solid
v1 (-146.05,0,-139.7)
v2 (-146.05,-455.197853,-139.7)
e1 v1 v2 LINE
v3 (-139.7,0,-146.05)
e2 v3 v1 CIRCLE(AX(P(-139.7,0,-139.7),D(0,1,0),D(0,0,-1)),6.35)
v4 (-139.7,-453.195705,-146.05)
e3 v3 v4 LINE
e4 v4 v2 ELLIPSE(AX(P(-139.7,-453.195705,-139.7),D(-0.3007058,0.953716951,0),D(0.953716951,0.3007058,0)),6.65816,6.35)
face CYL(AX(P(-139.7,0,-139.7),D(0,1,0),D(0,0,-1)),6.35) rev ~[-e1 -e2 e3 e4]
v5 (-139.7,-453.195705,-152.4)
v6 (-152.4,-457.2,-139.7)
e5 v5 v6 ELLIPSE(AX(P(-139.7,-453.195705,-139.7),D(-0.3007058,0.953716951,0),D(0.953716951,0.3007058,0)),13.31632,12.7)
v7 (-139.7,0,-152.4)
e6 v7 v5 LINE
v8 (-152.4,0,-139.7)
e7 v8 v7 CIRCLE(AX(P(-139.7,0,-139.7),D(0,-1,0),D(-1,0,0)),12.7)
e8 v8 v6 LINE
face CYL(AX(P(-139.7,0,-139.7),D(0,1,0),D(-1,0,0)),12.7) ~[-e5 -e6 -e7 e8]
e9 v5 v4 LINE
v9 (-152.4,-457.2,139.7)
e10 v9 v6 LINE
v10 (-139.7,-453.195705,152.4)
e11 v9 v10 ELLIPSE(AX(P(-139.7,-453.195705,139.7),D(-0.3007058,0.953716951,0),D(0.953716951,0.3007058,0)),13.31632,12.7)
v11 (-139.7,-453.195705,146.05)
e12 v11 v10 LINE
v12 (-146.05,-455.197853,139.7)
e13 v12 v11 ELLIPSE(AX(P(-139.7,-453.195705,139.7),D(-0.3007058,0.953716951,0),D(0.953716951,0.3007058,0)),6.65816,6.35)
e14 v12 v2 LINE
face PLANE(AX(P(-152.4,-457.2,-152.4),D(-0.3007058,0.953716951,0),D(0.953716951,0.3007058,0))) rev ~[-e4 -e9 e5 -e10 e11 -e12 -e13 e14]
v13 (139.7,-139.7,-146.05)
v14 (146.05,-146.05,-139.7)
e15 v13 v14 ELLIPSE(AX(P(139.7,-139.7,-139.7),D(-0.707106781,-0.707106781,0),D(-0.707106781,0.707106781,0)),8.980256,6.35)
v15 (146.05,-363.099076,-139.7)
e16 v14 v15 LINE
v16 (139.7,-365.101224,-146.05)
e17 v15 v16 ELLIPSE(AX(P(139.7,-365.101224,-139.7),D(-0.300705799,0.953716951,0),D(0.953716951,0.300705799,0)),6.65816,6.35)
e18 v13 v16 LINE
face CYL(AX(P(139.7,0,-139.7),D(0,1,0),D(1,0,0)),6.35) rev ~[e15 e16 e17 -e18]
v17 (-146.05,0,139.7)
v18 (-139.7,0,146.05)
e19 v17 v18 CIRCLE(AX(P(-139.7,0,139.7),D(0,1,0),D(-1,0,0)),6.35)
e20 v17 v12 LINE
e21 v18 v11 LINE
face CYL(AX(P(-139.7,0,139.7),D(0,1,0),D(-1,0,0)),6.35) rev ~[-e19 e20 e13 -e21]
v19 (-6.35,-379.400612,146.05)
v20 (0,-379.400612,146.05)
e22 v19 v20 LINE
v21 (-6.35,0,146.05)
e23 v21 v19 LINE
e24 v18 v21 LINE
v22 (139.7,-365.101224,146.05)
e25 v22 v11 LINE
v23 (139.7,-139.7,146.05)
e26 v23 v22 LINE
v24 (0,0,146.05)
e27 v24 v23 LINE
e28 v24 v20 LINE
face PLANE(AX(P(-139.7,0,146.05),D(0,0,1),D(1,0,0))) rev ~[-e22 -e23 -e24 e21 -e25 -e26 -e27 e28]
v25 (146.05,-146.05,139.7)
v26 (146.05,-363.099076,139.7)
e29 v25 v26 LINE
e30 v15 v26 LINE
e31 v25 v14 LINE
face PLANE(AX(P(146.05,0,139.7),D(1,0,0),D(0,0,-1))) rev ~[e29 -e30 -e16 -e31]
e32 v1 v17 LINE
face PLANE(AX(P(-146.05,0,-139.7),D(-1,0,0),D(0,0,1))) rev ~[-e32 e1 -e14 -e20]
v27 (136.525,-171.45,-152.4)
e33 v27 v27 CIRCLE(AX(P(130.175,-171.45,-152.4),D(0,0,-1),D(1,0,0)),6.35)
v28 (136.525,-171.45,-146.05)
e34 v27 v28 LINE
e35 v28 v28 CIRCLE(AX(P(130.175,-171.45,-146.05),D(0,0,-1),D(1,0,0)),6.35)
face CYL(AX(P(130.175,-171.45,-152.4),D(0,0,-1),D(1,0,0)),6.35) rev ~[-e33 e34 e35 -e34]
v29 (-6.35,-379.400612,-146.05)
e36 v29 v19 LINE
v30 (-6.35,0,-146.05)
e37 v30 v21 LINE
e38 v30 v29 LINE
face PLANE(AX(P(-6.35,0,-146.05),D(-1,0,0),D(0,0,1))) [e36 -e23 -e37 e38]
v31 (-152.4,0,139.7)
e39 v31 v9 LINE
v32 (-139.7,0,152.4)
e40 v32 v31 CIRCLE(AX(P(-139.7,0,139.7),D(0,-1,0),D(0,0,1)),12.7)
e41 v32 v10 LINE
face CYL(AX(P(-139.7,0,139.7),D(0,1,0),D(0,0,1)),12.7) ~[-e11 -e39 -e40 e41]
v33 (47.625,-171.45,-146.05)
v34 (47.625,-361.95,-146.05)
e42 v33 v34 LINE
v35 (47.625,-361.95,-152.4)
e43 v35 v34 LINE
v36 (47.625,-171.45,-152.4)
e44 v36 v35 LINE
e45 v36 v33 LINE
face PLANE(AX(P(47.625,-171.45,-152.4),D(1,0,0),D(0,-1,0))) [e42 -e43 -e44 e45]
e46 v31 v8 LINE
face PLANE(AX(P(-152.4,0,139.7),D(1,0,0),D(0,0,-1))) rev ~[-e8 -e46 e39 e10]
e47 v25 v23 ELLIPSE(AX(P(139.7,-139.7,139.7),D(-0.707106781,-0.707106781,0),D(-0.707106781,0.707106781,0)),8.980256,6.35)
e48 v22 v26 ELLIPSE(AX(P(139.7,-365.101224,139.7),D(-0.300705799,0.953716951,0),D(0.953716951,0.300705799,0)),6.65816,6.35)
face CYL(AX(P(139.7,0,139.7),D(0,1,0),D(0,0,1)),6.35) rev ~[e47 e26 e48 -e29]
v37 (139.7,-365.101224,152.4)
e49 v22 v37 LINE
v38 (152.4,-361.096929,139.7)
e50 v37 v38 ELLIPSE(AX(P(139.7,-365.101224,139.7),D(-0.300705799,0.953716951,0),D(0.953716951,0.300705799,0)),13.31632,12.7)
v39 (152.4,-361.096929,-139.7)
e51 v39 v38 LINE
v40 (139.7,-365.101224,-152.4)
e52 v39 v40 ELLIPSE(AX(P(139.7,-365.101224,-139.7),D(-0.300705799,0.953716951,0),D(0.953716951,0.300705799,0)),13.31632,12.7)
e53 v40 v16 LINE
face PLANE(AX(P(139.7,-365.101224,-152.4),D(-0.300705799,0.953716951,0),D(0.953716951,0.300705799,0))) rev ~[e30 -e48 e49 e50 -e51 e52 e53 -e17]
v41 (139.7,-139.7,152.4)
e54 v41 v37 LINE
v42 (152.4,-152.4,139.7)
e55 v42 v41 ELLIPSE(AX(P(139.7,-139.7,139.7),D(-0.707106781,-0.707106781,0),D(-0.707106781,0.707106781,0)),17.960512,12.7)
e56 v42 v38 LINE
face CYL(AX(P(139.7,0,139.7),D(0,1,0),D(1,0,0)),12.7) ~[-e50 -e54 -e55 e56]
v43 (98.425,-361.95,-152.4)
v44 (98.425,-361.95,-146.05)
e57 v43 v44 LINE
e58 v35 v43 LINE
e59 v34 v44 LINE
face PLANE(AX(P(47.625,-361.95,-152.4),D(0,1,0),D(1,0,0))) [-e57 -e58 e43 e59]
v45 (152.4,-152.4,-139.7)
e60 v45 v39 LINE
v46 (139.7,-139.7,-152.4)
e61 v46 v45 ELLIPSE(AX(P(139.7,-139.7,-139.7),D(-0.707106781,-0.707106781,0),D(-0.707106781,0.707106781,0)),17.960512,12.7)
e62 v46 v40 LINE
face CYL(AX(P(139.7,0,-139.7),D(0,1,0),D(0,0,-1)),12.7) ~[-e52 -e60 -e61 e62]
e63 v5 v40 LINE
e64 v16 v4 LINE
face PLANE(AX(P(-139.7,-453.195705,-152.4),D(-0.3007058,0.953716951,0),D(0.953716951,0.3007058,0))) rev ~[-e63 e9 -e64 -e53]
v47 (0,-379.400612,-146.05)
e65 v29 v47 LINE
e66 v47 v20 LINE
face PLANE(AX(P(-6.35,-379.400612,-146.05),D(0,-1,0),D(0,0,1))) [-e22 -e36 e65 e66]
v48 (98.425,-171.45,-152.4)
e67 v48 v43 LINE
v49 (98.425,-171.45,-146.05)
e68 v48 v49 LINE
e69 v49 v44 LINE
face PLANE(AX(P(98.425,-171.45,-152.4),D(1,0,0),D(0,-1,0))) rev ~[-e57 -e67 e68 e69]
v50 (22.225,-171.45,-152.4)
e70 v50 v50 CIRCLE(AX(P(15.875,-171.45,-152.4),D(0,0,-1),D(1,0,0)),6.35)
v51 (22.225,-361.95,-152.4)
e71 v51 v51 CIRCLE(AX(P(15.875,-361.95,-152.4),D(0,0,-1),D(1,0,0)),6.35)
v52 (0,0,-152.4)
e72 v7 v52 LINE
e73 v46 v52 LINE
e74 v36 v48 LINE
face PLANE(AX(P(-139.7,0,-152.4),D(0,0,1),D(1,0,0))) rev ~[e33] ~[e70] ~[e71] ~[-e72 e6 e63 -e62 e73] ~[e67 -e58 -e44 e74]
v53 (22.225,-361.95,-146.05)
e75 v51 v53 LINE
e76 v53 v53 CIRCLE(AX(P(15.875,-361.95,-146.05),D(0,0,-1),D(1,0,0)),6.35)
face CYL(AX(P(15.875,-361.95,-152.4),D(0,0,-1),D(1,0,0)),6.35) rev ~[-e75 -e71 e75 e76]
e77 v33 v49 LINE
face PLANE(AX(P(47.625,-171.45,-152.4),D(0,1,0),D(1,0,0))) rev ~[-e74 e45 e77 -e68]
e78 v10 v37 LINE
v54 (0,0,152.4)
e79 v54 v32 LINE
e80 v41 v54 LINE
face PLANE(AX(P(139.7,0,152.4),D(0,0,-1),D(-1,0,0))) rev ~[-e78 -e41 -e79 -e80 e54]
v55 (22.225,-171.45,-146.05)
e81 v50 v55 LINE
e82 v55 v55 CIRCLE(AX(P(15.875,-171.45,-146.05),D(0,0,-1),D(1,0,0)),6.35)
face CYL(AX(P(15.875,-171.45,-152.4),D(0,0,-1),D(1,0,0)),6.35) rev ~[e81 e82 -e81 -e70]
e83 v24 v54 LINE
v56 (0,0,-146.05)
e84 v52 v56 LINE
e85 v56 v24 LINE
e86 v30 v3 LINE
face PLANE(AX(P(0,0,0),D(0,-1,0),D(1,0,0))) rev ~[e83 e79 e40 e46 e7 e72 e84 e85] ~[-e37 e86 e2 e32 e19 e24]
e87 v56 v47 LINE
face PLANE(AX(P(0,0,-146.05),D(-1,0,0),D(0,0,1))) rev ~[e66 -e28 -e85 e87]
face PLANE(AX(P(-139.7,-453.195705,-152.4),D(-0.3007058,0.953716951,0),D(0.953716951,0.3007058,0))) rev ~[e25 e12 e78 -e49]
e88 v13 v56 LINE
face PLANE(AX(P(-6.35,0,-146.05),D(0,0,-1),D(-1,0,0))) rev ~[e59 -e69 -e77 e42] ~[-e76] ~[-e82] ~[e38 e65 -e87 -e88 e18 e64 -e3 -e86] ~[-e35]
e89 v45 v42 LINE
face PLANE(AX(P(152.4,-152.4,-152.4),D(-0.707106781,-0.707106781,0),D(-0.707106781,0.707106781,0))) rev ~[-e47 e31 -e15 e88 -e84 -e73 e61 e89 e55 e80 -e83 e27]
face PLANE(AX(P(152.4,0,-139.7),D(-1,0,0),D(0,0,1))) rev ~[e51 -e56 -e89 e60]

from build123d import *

# Parameters (mm, degrees)
F0_W     = 6.35
F0_H     = 292.1
F1_DEPTH = 457.2
F4_DEPTH = 304.801
F2_W     = 50.8
F2_H     = 190.5
F2_R     = 6.35
F5_DEPTH = 6.35
F6_W     = 31.75
F6_H     = 292.1
F7_DEPTH = 6.35


with BuildPart() as f1:
    # F0 (on Front) → F1 (new body)
    with BuildSketch(Plane.XZ):
        with BuildLine():
            Line((-139.7, -152.4), (139.7, -152.4))
            ThreePointArc((139.7, -152.4), (148.6802561211, -148.6802561211), (152.4, -139.7))
            Line((152.4, -139.7), (152.4, 139.7))
            ThreePointArc((152.4, 139.7), (148.6802561211, 148.6802561211), (139.7, 152.4))
            Line((139.7, 152.4), (-139.7, 152.4))
            ThreePointArc((-139.7, 152.4), (-148.6802561211, 148.6802561211), (-152.4, 139.7))
            Line((-152.4, 139.7), (-152.4, -139.7))
            ThreePointArc((-152.4, -139.7), (-148.6802561211, -148.6802561211), (-139.7, -152.4))
        make_face()
        with BuildLine():
            Line((0, 146.05), (139.7, 146.05))
            ThreePointArc((139.7, 146.05), (144.1901280605, 144.1901280605), (146.05, 139.7))
            Line((146.05, 139.7), (146.05, -139.7))
            ThreePointArc((146.05, -139.7), (144.1901280605, -144.1901280605), (139.7, -146.05))
            Line((139.7, -146.05), (0, -146.05))
            Line((0, -146.05), (-6.35, -146.05))
            Line((-6.35, -146.05), (-139.7, -146.05))
            ThreePointArc((-139.7, -146.05), (-144.1901280605, -144.1901280605), (-146.05, -139.7))
            Line((-146.05, -139.7), (-146.05, 139.7))
            ThreePointArc((-146.05, 139.7), (-144.1901280605, 144.1901280605), (-139.7, 146.05))
            Line((-139.7, 146.05), (-6.35, 146.05))
            Line((-6.35, 146.05), (0, 146.05))
        make_face(mode=Mode.SUBTRACT)
        with Locations((-3.175, 0)):
            Rectangle(F0_W, F0_H)
    extrude(amount=F1_DEPTH)

    # F3 (on face) → F4 (cut, through all)
    with BuildSketch(Plane(origin=(0, 0, -152.4), x_dir=(1, 0, 0), z_dir=(0, 0, -1))):
        Polygon((152.4, 143.4197438789), (152.4, 152.4), (139.7, 139.7), (139.7, 130.7197438789), align=None)
        Polygon((139.7, 130.7197438789), (139.7, 139.7), (0, 0), (8.9802561211, 0), align=None)
        Polygon((139.7, 0), (139.7, 130.7197438789), (8.9802561211, 0), align=None)
        Polygon((152.4, 0), (152.4, 143.4197438789), (139.7, 130.7197438789), (139.7, 0), align=None)
        Polygon((139.7, 365.1012237684), (139.7, 457.2), (-139.7, 457.2), (-139.7, 453.1957053812), align=None)
        Polygon((-139.7, 453.1957053812), (-139.7, 457.2), (-152.4, 457.2), align=None)
        Polygon((152.4, 361.0969291497), (152.4, 457.2), (139.7, 457.2), (139.7, 365.1012237684), align=None)
    extrude(amount=-F4_DEPTH, mode=Mode.SUBTRACT)

    # F2 (on face) → F5 (cut)
    with BuildSketch(Plane(origin=(0, 0, -152.4), x_dir=(1, 0, 0), z_dir=(0, 0, -1))):
        with Locations((73.025, 266.7)):
            Rectangle(F2_W, F2_H)
        with Locations((15.875, 171.45)):
            Circle(F2_R)
        with Locations((130.175, 171.45)):
            Circle(F2_R)
        with Locations((15.875, 361.95)):
            Circle(F2_R)
    extrude(amount=-F5_DEPTH, mode=Mode.SUBTRACT)

    # F6 (on face) → F7 (cut, through all)
    with BuildSketch(Plane(origin=(-6.35, 0, 0), x_dir=(0, -1, 0), z_dir=(-1, 0, 0))):
        with Locations((395.2756118842, 0)):
            Rectangle(F6_W, F6_H)
    extrude(amount=-F7_DEPTH, mode=Mode.SUBTRACT)


solid = f1.part
